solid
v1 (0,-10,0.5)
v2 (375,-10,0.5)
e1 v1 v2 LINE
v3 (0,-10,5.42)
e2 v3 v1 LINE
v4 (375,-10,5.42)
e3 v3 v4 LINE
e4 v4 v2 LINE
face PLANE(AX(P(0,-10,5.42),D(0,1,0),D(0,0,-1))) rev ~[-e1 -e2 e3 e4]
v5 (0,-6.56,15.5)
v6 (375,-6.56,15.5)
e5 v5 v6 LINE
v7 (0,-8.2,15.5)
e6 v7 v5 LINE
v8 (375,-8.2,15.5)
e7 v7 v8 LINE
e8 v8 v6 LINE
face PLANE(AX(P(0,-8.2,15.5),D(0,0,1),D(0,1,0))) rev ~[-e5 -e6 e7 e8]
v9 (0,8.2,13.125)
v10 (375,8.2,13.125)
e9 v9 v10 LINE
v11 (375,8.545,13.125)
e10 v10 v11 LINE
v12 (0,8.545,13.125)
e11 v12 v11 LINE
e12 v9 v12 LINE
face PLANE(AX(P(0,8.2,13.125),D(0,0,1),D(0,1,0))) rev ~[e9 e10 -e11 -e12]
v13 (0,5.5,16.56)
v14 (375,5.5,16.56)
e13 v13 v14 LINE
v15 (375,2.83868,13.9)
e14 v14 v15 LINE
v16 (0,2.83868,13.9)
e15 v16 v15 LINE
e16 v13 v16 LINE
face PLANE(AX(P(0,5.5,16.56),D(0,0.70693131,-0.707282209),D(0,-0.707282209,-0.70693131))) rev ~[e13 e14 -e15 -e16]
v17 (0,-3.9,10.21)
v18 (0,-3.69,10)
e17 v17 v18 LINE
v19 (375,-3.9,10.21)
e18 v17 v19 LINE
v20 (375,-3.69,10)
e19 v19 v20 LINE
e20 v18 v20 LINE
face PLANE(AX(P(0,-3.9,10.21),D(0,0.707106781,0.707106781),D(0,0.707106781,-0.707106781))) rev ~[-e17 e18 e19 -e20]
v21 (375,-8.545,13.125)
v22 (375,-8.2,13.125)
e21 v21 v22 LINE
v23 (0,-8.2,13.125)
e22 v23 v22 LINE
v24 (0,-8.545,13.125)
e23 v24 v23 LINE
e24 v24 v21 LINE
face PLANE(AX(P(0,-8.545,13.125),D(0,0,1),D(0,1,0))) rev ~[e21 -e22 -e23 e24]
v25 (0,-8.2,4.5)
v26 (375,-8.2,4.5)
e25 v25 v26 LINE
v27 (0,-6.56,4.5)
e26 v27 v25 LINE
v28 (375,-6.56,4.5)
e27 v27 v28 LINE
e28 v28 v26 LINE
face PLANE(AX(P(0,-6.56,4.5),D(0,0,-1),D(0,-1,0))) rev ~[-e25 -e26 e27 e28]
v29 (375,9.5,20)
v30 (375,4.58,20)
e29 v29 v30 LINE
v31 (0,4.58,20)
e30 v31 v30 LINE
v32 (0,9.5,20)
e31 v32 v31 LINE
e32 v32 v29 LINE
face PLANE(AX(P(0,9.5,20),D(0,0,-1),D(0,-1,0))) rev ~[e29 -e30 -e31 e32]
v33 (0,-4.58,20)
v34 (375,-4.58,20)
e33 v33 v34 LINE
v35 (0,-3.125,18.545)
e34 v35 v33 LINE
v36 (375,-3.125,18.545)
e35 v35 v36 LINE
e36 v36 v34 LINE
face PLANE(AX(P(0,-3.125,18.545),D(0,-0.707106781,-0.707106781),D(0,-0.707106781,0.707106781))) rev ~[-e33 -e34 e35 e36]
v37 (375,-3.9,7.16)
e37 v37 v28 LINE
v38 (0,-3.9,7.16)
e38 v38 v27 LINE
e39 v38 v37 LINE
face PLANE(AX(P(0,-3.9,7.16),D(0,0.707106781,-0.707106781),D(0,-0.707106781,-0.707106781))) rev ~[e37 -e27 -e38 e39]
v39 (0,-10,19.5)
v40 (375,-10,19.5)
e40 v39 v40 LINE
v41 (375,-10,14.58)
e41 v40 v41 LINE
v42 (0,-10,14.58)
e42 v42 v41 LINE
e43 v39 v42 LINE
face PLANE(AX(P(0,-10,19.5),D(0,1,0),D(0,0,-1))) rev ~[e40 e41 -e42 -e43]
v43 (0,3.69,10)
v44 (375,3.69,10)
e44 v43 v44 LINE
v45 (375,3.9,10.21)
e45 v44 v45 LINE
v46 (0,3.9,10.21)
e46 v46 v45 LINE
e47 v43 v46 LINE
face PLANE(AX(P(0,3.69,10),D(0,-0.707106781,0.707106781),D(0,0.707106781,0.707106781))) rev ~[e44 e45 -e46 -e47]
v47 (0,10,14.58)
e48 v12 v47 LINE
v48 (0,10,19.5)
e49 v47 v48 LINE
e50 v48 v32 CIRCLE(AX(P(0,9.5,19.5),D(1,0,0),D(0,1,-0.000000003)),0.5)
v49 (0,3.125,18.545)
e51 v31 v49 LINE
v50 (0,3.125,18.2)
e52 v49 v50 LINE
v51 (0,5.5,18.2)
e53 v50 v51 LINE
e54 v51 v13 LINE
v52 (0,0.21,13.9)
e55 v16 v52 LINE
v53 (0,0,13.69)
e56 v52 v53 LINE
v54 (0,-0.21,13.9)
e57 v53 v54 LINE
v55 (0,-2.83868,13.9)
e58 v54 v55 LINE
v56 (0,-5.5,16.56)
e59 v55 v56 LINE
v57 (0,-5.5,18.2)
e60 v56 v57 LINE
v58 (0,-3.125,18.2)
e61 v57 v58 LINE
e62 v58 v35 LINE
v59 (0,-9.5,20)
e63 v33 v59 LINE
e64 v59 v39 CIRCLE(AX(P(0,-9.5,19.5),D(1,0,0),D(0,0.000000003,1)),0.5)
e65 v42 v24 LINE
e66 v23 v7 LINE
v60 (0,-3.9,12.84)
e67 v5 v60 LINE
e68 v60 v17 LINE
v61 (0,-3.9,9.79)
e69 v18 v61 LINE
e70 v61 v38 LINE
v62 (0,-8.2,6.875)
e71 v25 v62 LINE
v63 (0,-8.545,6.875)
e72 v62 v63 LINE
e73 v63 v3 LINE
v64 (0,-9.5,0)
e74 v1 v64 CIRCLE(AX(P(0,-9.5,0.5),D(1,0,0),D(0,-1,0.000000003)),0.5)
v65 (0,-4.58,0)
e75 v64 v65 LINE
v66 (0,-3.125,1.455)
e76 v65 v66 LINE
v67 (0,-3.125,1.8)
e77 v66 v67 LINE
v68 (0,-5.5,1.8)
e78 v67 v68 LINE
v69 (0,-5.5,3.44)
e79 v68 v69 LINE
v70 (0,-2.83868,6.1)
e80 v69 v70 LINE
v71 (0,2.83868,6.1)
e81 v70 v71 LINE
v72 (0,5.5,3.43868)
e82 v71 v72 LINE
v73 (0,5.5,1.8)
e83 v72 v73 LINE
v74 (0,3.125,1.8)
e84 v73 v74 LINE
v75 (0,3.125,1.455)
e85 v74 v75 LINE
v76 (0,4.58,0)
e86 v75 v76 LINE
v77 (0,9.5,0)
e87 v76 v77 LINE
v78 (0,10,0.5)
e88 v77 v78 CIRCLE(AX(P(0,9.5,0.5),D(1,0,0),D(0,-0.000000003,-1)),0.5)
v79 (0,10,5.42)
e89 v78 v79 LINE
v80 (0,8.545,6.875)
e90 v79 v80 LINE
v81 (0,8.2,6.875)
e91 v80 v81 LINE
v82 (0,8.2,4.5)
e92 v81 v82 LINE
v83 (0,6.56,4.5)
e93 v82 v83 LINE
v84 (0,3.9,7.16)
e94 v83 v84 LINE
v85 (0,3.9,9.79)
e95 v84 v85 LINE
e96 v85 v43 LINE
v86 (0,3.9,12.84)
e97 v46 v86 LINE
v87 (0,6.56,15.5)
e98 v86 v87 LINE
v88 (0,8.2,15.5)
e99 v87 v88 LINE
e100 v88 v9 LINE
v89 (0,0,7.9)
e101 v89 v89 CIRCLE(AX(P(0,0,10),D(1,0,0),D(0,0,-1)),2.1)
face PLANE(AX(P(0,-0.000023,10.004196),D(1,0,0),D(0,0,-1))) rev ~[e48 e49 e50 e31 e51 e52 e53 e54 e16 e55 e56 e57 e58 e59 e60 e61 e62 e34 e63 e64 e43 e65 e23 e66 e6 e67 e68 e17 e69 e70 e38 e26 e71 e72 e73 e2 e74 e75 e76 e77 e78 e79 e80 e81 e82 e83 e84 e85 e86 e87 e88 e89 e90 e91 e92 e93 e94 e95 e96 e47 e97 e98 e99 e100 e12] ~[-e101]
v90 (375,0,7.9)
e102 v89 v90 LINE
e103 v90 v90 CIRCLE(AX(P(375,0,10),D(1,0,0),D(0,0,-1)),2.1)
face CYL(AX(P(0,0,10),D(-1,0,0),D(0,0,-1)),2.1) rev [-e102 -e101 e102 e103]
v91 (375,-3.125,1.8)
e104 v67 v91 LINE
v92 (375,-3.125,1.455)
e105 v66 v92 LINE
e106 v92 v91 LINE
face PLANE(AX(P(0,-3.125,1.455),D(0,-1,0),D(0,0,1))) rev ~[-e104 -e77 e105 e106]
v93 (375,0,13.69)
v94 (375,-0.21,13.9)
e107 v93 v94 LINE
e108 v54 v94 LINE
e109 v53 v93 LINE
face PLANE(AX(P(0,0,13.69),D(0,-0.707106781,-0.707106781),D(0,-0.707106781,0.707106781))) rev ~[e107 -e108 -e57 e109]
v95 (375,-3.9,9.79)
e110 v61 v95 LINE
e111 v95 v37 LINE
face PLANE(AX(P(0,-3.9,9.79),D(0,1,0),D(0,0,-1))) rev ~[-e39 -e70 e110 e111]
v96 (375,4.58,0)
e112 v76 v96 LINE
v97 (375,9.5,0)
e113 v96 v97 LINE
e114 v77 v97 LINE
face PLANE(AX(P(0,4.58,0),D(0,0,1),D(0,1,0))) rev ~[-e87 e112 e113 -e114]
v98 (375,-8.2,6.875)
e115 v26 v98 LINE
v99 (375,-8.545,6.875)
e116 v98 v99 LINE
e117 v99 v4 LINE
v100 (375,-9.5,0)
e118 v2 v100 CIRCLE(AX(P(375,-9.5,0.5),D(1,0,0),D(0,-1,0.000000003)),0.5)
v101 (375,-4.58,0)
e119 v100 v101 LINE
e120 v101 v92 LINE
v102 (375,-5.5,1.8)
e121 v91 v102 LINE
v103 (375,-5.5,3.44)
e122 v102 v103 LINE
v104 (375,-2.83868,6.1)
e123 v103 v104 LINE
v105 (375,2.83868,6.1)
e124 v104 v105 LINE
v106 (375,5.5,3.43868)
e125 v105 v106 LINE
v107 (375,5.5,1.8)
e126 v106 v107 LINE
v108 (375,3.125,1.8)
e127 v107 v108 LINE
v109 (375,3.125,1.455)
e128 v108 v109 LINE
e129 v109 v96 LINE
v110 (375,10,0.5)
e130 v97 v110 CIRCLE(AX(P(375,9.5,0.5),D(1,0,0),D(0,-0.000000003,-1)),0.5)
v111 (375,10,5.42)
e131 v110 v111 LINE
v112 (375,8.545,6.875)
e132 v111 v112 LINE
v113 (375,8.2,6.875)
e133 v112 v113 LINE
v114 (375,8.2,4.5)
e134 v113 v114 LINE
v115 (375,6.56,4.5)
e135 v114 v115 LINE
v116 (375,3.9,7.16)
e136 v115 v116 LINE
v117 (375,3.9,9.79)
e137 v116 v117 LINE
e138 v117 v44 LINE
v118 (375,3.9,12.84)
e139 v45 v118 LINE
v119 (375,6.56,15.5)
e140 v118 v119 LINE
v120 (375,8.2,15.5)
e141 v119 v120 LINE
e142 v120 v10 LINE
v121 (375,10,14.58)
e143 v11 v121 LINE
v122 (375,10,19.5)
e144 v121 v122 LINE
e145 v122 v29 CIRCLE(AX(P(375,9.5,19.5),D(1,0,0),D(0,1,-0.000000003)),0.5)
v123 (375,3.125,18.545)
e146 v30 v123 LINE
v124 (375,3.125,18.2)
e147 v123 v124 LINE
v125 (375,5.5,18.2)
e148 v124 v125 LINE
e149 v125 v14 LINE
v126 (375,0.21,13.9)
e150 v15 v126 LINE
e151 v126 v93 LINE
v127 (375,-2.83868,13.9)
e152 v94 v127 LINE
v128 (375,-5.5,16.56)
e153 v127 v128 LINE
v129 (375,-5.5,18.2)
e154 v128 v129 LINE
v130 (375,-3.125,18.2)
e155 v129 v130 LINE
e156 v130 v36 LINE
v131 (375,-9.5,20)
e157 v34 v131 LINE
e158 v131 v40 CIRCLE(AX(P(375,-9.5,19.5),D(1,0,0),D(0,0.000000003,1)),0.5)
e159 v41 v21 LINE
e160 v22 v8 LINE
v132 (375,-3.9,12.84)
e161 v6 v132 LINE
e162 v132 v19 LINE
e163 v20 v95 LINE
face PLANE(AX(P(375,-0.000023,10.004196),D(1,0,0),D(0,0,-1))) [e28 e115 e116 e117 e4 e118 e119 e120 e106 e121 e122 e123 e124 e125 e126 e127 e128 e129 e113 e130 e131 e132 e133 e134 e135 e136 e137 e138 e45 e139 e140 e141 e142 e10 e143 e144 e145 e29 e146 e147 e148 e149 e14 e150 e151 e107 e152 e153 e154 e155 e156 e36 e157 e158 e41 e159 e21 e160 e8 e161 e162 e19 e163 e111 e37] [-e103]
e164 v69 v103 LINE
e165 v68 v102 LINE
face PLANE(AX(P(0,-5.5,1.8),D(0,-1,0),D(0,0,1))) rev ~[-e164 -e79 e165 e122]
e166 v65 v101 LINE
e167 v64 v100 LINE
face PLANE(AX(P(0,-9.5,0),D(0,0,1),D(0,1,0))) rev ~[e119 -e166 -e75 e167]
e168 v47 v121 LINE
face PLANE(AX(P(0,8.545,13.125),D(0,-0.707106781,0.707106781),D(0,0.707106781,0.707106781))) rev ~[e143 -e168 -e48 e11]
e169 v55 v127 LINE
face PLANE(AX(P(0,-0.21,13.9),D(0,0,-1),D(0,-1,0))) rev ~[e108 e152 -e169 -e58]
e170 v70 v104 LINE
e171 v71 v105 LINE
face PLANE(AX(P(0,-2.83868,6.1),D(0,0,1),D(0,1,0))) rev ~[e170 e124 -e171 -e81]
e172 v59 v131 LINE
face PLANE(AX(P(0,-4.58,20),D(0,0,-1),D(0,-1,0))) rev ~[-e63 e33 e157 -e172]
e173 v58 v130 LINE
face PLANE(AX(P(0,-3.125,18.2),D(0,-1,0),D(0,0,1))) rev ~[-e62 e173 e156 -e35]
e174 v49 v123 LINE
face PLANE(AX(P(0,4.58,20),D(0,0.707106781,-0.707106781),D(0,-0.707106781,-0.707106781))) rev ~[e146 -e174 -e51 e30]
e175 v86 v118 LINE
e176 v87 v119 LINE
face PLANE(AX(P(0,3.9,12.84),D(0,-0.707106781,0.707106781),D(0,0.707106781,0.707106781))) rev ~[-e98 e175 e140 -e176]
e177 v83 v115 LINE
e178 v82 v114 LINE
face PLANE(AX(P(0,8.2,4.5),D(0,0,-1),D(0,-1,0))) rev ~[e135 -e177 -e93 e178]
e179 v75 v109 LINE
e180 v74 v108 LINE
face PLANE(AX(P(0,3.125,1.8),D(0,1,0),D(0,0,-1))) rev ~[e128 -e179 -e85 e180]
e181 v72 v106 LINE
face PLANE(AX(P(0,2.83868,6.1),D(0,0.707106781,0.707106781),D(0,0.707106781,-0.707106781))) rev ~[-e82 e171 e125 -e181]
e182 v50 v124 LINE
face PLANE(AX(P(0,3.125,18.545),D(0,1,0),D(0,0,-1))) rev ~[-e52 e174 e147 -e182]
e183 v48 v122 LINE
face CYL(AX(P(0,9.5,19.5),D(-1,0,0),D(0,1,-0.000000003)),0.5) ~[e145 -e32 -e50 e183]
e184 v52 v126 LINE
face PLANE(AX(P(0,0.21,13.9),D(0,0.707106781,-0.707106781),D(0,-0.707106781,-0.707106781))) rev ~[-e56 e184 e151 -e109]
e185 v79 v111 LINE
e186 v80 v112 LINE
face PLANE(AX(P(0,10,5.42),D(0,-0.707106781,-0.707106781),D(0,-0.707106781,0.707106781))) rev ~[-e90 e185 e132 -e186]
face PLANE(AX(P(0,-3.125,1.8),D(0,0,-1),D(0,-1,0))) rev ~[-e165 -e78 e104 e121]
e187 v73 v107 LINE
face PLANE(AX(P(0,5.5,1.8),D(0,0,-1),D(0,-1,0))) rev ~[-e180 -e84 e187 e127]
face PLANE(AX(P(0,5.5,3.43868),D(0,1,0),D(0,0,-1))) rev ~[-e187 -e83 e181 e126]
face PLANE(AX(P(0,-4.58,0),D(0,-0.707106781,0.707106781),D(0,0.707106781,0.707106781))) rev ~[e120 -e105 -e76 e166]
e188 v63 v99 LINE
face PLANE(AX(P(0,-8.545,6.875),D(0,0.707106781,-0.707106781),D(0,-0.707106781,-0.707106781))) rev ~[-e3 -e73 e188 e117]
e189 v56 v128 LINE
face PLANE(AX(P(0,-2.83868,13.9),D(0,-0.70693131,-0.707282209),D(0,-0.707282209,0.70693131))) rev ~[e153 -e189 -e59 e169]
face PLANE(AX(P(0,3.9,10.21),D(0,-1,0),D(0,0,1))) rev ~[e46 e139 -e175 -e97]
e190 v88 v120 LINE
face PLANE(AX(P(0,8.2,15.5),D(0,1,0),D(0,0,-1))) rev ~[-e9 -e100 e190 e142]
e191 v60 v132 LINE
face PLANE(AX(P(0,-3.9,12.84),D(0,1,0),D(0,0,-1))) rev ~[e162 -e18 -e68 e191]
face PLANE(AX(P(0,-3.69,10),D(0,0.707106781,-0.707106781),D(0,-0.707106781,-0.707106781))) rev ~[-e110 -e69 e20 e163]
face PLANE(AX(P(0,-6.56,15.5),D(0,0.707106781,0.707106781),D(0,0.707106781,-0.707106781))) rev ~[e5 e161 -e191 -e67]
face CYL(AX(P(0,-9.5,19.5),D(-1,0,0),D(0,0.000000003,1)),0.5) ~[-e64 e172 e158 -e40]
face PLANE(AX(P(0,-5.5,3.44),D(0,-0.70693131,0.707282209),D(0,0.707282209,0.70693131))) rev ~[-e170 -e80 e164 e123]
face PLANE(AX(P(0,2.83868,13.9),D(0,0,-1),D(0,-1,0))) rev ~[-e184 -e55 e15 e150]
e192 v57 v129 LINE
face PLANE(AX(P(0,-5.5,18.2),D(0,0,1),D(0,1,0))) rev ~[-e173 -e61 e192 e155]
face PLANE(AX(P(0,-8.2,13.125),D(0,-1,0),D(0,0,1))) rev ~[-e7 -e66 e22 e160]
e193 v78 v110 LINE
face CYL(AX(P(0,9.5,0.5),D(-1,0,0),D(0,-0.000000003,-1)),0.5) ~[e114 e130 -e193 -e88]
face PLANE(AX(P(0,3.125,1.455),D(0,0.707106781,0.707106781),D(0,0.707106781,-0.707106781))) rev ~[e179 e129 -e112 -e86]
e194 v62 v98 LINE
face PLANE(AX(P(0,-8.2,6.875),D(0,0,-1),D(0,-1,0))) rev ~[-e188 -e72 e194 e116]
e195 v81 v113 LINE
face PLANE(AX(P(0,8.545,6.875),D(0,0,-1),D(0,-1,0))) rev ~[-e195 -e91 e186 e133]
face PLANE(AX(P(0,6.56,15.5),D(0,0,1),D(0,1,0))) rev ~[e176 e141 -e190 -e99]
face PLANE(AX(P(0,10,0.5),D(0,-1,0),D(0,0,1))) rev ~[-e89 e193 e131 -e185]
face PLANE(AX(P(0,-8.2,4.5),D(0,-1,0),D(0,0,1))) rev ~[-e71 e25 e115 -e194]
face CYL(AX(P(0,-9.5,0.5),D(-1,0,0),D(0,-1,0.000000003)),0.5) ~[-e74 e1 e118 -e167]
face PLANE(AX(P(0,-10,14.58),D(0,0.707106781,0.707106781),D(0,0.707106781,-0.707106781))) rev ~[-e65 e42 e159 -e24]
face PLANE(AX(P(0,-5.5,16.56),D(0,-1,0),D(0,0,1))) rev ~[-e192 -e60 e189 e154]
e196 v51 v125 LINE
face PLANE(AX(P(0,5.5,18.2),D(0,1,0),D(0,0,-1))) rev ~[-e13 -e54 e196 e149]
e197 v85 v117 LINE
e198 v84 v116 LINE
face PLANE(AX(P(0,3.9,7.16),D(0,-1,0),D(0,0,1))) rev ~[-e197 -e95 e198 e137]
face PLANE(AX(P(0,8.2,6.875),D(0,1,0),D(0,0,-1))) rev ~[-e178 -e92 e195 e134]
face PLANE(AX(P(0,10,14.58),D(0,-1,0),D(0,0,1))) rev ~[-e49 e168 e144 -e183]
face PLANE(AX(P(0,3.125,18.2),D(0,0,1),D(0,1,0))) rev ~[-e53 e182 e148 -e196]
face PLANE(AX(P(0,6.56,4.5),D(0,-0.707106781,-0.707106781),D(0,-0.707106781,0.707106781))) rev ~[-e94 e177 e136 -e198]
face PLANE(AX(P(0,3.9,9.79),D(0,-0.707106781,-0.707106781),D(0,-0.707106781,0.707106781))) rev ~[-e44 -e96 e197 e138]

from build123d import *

# Parameters (mm, degrees)
PROFILE_SKETCH_R      = 2.1
PROFILE_EXTRUDE_DEPTH = 375


with BuildPart() as part:
    # Profile Sketch → Profile Extrude (new body)
    with BuildSketch(Plane(origin=(0, 0, 0), x_dir=(0, 0, -1), z_dir=(1, 0, 0))):
        with BuildLine():
            ThreePointArc((0, 9.5), (-0.146446609, 9.853553391), (-0.5, 10))
            Line((-0.5, 10), (-5.42, 10))
            Line((-5.42, 10), (-6.875, 8.545))
            Line((-6.875, 8.545), (-6.875, 8.2))
            Line((-6.875, 8.2), (-4.5, 8.2))
            Line((-4.5, 8.2), (-4.5, 6.56))
            Line((-4.5, 6.56), (-7.16, 3.9))
            Line((-7.16, 3.9), (-9.79, 3.9))
            Line((-9.79, 3.9), (-10, 3.69))
            Line((-10, 3.69), (-10.21, 3.9))
            Line((-10.21, 3.9), (-12.84, 3.9))
            Line((-12.84, 3.9), (-15.5, 6.56))
            Line((-15.5, 6.56), (-15.5, 8.2))
            Line((-15.5, 8.2), (-13.125, 8.2))
            Line((-13.125, 8.2), (-13.125, 8.545))
            Line((-13.125, 8.545), (-14.58, 10))
            Line((-14.58, 10), (-19.5, 10))
            ThreePointArc((-19.5, 10), (-19.853553391, 9.853553391), (-20, 9.5))
            Line((-20, 9.5), (-20, 4.58))
            Line((-20, 4.58), (-18.545, 3.125))
            Line((-18.545, 3.125), (-18.2, 3.125))
            Line((-18.2, 3.125), (-18.2, 5.5))
            Line((-18.2, 5.5), (-16.56, 5.5))
            Line((-16.56, 5.5), (-13.9, 2.838679656))
            Line((-13.9, 2.838679656), (-13.9, 0.21))
            Line((-13.9, 0.21), (-13.69, 0))
            Line((-13.69, 0), (-13.9, -0.21))
            Line((-13.9, -0.21), (-13.9, -2.838679656))
            Line((-13.9, -2.838679656), (-16.56, -5.5))
            Line((-16.56, -5.5), (-18.2, -5.5))
            Line((-18.2, -5.5), (-18.2, -3.125))
            Line((-18.2, -3.125), (-18.545, -3.125))
            Line((-18.545, -3.125), (-20, -4.58))
            Line((-20, -4.58), (-20, -9.5))
            ThreePointArc((-20, -9.5), (-19.853553391, -9.853553391), (-19.5, -10))
            Line((-19.5, -10), (-14.58, -10))
            Line((-14.58, -10), (-13.125, -8.545))
            Line((-13.125, -8.545), (-13.125, -8.2))
            Line((-13.125, -8.2), (-15.5, -8.2))
            Line((-15.5, -8.2), (-15.5, -6.56))
            Line((-15.5, -6.56), (-12.84, -3.9))
            Line((-12.84, -3.9), (-10.21, -3.9))
            Line((-10.21, -3.9), (-10, -3.69))
            Line((-10, -3.69), (-9.79, -3.9))
            Line((-9.79, -3.9), (-7.16, -3.9))
            Line((-7.16, -3.9), (-4.5, -6.56))
            Line((-4.5, -6.56), (-4.5, -8.2))
            Line((-4.5, -8.2), (-6.875, -8.2))
            Line((-6.875, -8.2), (-6.875, -8.545))
            Line((-6.875, -8.545), (-5.42, -10))
            Line((-5.42, -10), (-0.5, -10))
            ThreePointArc((-0.5, -10), (-0.146446609, -9.853553391), (0, -9.5))
            Line((0, -9.5), (0, -4.58))
            Line((0, -4.58), (-1.455, -3.125))
            Line((-1.455, -3.125), (-1.8, -3.125))
            Line((-1.8, -3.125), (-1.8, -5.5))
            Line((-1.8, -5.5), (-3.44, -5.5))
            Line((-3.44, -5.5), (-6.1, -2.838679656))
            Line((-6.1, -2.838679656), (-6.1, -0.21))
            Line((-6.1, -0.21), (-6.1, 2.838679656))
            Line((-6.1, 2.838679656), (-3.438679656, 5.5))
            Line((-3.438679656, 5.5), (-1.8, 5.5))
            Line((-1.8, 5.5), (-1.8, 3.125))
            Line((-1.8, 3.125), (-1.455, 3.125))
            Line((-1.455, 3.125), (0, 4.58))
            Line((0, 4.58), (0, 9.5))
        make_face()
        with Locations((-10, 0)):
            Circle(PROFILE_SKETCH_R, mode=Mode.SUBTRACT)
    extrude(amount=PROFILE_EXTRUDE_DEPTH)


solid = part.part
